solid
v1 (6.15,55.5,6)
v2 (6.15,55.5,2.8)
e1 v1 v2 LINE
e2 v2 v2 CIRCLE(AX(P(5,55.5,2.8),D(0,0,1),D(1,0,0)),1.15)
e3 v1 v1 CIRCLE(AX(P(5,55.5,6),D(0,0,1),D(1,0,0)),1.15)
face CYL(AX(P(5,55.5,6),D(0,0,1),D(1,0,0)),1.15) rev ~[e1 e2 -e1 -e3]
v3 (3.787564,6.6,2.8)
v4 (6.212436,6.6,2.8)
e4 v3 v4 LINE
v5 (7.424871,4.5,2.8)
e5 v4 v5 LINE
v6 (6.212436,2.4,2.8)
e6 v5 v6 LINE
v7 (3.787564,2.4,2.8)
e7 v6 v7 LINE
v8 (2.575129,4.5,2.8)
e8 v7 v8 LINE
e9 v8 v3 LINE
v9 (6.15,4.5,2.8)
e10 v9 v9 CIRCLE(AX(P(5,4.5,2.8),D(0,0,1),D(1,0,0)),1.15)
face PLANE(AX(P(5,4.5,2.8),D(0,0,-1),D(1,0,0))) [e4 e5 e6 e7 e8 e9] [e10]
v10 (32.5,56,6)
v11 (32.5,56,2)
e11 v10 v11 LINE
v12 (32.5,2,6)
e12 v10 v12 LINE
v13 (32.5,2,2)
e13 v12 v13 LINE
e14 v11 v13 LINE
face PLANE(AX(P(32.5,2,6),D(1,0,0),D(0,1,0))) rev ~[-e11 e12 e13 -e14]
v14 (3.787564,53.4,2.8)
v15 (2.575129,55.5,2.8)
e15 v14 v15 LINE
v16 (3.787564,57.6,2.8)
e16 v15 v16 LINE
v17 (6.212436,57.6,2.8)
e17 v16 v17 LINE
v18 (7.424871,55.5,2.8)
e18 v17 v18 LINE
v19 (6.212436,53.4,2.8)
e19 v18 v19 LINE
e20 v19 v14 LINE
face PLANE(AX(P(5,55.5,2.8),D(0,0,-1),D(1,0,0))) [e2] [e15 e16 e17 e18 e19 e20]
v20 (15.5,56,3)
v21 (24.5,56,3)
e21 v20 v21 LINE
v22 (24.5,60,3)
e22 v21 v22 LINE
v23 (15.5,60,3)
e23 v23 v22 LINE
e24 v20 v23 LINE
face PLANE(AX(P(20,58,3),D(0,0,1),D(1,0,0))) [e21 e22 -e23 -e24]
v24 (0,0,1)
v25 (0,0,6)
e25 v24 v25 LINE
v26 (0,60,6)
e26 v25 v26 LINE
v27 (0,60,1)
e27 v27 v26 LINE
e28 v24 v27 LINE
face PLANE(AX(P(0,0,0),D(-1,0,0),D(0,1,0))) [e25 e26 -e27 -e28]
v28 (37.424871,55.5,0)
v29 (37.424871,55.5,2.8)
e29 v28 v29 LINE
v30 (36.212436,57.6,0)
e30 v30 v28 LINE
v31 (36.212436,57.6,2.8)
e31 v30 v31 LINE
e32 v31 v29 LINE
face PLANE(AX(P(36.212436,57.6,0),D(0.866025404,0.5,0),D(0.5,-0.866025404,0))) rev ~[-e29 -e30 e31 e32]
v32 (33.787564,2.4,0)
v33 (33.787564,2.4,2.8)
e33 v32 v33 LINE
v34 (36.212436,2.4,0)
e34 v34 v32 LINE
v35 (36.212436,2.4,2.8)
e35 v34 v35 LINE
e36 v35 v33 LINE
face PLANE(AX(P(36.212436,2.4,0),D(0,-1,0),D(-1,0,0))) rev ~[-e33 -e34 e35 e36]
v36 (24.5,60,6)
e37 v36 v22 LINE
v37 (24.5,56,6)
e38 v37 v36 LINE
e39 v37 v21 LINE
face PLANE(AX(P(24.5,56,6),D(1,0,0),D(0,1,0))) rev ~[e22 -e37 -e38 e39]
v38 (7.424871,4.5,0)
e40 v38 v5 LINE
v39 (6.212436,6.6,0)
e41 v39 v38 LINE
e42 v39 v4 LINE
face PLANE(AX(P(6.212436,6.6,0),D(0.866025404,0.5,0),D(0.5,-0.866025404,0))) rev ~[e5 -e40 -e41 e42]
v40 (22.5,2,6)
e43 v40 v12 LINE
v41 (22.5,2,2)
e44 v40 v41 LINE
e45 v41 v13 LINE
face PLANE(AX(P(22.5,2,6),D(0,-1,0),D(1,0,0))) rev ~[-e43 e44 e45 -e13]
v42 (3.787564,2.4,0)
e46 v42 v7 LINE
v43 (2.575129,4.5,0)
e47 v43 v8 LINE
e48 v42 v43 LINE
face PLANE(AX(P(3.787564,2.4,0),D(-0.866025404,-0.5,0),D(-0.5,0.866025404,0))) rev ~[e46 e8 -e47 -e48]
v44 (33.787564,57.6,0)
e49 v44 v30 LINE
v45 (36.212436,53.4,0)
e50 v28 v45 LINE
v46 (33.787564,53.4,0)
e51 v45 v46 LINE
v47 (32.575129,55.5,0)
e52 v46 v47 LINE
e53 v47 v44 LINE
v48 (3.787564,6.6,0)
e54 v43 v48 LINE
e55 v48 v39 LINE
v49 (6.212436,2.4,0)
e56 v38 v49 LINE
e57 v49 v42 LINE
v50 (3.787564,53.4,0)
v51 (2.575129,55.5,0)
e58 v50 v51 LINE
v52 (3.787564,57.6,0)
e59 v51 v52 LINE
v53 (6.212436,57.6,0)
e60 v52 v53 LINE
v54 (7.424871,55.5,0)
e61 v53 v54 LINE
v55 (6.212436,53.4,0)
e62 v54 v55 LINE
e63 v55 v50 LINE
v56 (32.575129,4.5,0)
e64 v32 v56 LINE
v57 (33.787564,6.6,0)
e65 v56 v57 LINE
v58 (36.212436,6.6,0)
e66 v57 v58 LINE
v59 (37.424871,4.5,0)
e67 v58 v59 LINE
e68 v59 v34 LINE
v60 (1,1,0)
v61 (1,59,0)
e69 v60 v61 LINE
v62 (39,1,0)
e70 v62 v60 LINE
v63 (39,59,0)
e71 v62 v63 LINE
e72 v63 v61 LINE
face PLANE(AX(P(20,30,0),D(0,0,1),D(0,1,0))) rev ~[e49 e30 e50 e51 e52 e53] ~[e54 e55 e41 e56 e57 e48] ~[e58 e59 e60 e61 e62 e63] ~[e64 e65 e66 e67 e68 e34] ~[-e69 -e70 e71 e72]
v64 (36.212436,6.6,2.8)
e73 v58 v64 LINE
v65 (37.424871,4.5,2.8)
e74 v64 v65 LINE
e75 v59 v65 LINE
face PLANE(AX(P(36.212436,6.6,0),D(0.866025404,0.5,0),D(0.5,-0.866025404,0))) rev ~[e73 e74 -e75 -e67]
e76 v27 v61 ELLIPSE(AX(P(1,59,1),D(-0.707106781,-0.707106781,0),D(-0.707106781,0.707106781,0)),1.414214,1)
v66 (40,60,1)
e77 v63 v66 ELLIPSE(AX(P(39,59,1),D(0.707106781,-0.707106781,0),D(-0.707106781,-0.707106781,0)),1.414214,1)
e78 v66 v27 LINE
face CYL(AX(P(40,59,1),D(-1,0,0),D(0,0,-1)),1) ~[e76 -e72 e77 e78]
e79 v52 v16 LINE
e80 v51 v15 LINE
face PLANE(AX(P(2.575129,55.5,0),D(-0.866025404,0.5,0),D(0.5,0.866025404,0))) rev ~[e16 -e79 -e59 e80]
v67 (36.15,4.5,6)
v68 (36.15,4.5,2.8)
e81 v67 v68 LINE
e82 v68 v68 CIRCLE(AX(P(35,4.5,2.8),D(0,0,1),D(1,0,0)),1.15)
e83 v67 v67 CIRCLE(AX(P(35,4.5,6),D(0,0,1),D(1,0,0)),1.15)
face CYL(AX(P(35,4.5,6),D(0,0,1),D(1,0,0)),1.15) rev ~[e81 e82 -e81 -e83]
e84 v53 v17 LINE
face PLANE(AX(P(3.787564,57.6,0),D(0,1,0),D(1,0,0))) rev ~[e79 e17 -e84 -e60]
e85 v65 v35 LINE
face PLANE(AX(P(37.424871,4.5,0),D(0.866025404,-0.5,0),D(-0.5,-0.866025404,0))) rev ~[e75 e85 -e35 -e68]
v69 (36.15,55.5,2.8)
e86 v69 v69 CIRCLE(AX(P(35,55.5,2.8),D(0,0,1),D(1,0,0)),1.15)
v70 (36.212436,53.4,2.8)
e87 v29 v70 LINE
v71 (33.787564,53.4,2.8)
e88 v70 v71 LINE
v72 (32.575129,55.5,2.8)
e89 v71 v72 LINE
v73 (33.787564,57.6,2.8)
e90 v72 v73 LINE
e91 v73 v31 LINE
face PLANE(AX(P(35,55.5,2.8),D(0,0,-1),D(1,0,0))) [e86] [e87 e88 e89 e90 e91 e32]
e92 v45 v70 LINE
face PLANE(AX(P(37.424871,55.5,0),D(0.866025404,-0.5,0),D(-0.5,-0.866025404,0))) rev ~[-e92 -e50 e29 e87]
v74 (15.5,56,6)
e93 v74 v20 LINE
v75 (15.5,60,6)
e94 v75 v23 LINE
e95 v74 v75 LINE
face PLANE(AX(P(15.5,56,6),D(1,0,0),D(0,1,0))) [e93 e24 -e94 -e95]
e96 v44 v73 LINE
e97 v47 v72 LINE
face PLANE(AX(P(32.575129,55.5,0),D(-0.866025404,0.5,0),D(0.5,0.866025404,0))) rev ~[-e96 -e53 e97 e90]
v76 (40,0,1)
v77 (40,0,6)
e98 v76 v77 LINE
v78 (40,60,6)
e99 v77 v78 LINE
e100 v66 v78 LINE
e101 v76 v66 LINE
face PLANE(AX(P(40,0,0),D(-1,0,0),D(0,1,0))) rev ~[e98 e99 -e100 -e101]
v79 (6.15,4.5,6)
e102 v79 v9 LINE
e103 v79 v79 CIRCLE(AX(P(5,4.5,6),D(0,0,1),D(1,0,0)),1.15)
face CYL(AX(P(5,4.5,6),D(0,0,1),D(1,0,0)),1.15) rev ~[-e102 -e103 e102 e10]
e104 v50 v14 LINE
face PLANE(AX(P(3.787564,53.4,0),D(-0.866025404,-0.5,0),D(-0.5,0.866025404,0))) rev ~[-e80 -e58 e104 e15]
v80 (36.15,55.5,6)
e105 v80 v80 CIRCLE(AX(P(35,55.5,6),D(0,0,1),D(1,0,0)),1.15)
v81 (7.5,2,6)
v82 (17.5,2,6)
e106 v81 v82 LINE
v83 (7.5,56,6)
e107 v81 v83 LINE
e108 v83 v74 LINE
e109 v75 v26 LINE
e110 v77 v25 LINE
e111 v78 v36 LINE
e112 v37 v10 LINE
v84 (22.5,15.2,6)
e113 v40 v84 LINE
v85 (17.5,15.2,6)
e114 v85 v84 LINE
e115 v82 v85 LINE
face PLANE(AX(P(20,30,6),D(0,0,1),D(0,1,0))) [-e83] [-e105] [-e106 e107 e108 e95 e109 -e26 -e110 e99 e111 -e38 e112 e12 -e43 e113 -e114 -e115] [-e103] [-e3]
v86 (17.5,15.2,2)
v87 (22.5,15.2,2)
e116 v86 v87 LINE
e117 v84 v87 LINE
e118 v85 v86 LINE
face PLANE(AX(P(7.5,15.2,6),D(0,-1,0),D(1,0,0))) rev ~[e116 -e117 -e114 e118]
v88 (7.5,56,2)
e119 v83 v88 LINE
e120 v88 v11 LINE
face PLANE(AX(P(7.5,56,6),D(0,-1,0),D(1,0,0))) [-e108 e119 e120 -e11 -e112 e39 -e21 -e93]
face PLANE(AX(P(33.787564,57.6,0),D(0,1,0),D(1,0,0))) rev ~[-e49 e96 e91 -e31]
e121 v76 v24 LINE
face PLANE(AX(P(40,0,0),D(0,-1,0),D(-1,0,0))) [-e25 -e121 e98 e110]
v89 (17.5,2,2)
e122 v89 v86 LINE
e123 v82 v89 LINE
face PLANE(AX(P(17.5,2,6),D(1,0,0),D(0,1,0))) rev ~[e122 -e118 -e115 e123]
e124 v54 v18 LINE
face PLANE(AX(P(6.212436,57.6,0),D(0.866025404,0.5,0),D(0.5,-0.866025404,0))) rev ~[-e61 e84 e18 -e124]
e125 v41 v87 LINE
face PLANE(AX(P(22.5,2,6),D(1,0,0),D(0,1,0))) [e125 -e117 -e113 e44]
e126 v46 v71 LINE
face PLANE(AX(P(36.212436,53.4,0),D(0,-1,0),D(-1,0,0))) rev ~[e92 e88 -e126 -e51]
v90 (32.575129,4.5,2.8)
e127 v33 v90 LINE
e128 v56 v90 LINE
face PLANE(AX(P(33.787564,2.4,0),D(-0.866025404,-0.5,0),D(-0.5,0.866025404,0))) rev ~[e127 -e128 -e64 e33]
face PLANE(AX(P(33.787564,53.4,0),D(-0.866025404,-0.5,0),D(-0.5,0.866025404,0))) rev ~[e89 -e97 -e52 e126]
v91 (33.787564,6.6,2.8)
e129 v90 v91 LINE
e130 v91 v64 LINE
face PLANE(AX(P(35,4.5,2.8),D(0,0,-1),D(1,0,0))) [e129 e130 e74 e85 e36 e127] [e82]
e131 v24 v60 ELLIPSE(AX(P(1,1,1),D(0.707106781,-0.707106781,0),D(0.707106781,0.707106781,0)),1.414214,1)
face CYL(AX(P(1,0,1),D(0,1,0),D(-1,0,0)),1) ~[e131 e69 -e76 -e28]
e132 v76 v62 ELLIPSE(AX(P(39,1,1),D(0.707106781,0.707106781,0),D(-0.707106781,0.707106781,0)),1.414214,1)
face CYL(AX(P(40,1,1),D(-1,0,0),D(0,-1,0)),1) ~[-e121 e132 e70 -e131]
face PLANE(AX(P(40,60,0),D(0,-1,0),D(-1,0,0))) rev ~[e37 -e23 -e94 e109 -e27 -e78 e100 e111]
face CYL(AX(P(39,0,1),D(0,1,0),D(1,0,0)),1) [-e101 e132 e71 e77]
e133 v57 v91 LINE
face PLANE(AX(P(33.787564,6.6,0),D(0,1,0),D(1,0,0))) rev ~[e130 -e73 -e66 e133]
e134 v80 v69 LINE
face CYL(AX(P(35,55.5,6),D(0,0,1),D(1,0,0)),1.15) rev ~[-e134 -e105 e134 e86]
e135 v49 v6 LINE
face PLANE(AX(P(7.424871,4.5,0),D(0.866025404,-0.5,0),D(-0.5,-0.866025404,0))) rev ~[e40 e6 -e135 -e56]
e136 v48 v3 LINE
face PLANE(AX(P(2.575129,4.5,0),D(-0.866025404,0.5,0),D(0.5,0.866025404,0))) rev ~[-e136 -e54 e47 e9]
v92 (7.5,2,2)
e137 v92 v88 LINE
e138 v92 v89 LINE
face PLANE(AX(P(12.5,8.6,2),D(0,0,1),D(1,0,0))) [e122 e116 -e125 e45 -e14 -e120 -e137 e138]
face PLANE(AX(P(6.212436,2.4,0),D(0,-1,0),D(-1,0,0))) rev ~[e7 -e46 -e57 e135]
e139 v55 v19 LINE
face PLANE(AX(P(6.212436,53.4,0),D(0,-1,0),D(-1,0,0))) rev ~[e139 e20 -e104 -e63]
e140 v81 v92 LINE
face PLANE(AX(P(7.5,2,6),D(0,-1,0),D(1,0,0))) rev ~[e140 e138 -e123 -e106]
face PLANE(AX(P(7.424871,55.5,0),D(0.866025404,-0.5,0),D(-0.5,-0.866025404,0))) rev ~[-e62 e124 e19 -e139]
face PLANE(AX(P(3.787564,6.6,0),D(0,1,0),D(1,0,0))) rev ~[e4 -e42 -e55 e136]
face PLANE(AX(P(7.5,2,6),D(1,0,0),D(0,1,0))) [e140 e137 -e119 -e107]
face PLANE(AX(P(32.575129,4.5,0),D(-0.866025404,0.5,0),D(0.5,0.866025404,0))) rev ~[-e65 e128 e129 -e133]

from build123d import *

# Parameters (mm, degrees)
SKETCH1_W           = 60
SKETCH1_H           = 40
BOSS_EXTRUDE1_DEPTH = 6
SKETCH3_R           = 1.15
CUT_EXTRUDE2_DEPTH  = 73.360210061
SKETCH12_W          = 25
SKETCH12_H          = 40.8
CUT_EXTRUDE10_DEPTH = 4
CUT_EXTRUDE11_DEPTH = 2.8
FILLET1_R           = 1
SKETCH14_W          = 10
SKETCH14_H          = 13.2
CUT_EXTRUDE12_DEPTH = 4
SKETCH15_W          = 9
SKETCH15_H          = 4
CUT_EXTRUDE13_DEPTH = 3


with BuildPart() as part:
    # Sketch1 → Boss-Extrude1 (new body)
    with BuildSketch(Plane(origin=(0, 0, 0), x_dir=(0, 1, 0), z_dir=(0, 0, 1))):
        with Locations((30, -20)):
            Rectangle(SKETCH1_W, SKETCH1_H)
    extrude(amount=BOSS_EXTRUDE1_DEPTH)

    # Sketch3 → Cut-Extrude2 (cut, through all)
    with BuildSketch(Plane.XY.offset(6)):
        with Locations((5, 4.5)):
            Circle(SKETCH3_R)
        with Locations((35, 4.5)):
            Circle(SKETCH3_R)
        with Locations((5, 55.5)):
            Circle(SKETCH3_R)
        with Locations((35, 55.5)):
            Circle(SKETCH3_R)
    extrude(amount=-CUT_EXTRUDE2_DEPTH, mode=Mode.SUBTRACT)

    # Sketch12 → Cut-Extrude10 (cut)
    with BuildSketch(Plane.XY.offset(6)):
        with Locations((20, 35.6)):
            Rectangle(SKETCH12_W, SKETCH12_H)
    extrude(amount=-CUT_EXTRUDE10_DEPTH, mode=Mode.SUBTRACT)

    # Sketch13 → Cut-Extrude11 (cut)
    with BuildSketch(Plane(origin=(0, 0, 0), x_dir=(1, 0, 0), z_dir=(0, 0, -1))):
        Polygon((7.424871131, -55.5), (6.212435565, -53.4), (3.787564435, -53.4), (2.575128869, -55.5), (3.787564435, -57.6), (6.212435565, -57.6), align=None)
        Polygon((32.575128869, -55.5), (33.787564435, -57.6), (36.212435565, -57.6), (37.424871131, -55.5), (36.212435565, -53.4), (33.787564435, -53.4), align=None)
        Polygon((7.424871131, -4.5), (6.212435565, -2.4), (3.787564435, -2.4), (2.575128869, -4.5), (3.787564435, -6.6), (6.212435565, -6.6), align=None)
        Polygon((32.575128869, -4.5), (33.787564435, -6.6), (36.212435565, -6.6), (37.424871131, -4.5), (36.212435565, -2.4), (33.787564435, -2.4), align=None)
    extrude(amount=-CUT_EXTRUDE11_DEPTH, mode=Mode.SUBTRACT)

    # Fillet1
    fillet1_edges = [part.edges().sort_by_distance(p)[0] for p in [
        (0, 30, 0),
        (20, 60, 0),
        (40, 30, 0),
        (20, 0, 0),
    ]]
    fillet(fillet1_edges, radius=FILLET1_R)

    # Sketch14 → Cut-Extrude12 (cut)
    with BuildSketch(Plane.XY.offset(6)):
        with Locations((12.5, 8.6)):
            Rectangle(SKETCH14_W, SKETCH14_H)
        with Locations((27.5, 8.6)):
            Rectangle(SKETCH14_W, SKETCH14_H)
    extrude(amount=-CUT_EXTRUDE12_DEPTH, mode=Mode.SUBTRACT)

    # Sketch15 → Cut-Extrude13 (cut)
    with BuildSketch(Plane.XY.offset(6)):
        with Locations((20, 58)):
            Rectangle(SKETCH15_W, SKETCH15_H)
    extrude(amount=-CUT_EXTRUDE13_DEPTH, mode=Mode.SUBTRACT)


solid = part.part
